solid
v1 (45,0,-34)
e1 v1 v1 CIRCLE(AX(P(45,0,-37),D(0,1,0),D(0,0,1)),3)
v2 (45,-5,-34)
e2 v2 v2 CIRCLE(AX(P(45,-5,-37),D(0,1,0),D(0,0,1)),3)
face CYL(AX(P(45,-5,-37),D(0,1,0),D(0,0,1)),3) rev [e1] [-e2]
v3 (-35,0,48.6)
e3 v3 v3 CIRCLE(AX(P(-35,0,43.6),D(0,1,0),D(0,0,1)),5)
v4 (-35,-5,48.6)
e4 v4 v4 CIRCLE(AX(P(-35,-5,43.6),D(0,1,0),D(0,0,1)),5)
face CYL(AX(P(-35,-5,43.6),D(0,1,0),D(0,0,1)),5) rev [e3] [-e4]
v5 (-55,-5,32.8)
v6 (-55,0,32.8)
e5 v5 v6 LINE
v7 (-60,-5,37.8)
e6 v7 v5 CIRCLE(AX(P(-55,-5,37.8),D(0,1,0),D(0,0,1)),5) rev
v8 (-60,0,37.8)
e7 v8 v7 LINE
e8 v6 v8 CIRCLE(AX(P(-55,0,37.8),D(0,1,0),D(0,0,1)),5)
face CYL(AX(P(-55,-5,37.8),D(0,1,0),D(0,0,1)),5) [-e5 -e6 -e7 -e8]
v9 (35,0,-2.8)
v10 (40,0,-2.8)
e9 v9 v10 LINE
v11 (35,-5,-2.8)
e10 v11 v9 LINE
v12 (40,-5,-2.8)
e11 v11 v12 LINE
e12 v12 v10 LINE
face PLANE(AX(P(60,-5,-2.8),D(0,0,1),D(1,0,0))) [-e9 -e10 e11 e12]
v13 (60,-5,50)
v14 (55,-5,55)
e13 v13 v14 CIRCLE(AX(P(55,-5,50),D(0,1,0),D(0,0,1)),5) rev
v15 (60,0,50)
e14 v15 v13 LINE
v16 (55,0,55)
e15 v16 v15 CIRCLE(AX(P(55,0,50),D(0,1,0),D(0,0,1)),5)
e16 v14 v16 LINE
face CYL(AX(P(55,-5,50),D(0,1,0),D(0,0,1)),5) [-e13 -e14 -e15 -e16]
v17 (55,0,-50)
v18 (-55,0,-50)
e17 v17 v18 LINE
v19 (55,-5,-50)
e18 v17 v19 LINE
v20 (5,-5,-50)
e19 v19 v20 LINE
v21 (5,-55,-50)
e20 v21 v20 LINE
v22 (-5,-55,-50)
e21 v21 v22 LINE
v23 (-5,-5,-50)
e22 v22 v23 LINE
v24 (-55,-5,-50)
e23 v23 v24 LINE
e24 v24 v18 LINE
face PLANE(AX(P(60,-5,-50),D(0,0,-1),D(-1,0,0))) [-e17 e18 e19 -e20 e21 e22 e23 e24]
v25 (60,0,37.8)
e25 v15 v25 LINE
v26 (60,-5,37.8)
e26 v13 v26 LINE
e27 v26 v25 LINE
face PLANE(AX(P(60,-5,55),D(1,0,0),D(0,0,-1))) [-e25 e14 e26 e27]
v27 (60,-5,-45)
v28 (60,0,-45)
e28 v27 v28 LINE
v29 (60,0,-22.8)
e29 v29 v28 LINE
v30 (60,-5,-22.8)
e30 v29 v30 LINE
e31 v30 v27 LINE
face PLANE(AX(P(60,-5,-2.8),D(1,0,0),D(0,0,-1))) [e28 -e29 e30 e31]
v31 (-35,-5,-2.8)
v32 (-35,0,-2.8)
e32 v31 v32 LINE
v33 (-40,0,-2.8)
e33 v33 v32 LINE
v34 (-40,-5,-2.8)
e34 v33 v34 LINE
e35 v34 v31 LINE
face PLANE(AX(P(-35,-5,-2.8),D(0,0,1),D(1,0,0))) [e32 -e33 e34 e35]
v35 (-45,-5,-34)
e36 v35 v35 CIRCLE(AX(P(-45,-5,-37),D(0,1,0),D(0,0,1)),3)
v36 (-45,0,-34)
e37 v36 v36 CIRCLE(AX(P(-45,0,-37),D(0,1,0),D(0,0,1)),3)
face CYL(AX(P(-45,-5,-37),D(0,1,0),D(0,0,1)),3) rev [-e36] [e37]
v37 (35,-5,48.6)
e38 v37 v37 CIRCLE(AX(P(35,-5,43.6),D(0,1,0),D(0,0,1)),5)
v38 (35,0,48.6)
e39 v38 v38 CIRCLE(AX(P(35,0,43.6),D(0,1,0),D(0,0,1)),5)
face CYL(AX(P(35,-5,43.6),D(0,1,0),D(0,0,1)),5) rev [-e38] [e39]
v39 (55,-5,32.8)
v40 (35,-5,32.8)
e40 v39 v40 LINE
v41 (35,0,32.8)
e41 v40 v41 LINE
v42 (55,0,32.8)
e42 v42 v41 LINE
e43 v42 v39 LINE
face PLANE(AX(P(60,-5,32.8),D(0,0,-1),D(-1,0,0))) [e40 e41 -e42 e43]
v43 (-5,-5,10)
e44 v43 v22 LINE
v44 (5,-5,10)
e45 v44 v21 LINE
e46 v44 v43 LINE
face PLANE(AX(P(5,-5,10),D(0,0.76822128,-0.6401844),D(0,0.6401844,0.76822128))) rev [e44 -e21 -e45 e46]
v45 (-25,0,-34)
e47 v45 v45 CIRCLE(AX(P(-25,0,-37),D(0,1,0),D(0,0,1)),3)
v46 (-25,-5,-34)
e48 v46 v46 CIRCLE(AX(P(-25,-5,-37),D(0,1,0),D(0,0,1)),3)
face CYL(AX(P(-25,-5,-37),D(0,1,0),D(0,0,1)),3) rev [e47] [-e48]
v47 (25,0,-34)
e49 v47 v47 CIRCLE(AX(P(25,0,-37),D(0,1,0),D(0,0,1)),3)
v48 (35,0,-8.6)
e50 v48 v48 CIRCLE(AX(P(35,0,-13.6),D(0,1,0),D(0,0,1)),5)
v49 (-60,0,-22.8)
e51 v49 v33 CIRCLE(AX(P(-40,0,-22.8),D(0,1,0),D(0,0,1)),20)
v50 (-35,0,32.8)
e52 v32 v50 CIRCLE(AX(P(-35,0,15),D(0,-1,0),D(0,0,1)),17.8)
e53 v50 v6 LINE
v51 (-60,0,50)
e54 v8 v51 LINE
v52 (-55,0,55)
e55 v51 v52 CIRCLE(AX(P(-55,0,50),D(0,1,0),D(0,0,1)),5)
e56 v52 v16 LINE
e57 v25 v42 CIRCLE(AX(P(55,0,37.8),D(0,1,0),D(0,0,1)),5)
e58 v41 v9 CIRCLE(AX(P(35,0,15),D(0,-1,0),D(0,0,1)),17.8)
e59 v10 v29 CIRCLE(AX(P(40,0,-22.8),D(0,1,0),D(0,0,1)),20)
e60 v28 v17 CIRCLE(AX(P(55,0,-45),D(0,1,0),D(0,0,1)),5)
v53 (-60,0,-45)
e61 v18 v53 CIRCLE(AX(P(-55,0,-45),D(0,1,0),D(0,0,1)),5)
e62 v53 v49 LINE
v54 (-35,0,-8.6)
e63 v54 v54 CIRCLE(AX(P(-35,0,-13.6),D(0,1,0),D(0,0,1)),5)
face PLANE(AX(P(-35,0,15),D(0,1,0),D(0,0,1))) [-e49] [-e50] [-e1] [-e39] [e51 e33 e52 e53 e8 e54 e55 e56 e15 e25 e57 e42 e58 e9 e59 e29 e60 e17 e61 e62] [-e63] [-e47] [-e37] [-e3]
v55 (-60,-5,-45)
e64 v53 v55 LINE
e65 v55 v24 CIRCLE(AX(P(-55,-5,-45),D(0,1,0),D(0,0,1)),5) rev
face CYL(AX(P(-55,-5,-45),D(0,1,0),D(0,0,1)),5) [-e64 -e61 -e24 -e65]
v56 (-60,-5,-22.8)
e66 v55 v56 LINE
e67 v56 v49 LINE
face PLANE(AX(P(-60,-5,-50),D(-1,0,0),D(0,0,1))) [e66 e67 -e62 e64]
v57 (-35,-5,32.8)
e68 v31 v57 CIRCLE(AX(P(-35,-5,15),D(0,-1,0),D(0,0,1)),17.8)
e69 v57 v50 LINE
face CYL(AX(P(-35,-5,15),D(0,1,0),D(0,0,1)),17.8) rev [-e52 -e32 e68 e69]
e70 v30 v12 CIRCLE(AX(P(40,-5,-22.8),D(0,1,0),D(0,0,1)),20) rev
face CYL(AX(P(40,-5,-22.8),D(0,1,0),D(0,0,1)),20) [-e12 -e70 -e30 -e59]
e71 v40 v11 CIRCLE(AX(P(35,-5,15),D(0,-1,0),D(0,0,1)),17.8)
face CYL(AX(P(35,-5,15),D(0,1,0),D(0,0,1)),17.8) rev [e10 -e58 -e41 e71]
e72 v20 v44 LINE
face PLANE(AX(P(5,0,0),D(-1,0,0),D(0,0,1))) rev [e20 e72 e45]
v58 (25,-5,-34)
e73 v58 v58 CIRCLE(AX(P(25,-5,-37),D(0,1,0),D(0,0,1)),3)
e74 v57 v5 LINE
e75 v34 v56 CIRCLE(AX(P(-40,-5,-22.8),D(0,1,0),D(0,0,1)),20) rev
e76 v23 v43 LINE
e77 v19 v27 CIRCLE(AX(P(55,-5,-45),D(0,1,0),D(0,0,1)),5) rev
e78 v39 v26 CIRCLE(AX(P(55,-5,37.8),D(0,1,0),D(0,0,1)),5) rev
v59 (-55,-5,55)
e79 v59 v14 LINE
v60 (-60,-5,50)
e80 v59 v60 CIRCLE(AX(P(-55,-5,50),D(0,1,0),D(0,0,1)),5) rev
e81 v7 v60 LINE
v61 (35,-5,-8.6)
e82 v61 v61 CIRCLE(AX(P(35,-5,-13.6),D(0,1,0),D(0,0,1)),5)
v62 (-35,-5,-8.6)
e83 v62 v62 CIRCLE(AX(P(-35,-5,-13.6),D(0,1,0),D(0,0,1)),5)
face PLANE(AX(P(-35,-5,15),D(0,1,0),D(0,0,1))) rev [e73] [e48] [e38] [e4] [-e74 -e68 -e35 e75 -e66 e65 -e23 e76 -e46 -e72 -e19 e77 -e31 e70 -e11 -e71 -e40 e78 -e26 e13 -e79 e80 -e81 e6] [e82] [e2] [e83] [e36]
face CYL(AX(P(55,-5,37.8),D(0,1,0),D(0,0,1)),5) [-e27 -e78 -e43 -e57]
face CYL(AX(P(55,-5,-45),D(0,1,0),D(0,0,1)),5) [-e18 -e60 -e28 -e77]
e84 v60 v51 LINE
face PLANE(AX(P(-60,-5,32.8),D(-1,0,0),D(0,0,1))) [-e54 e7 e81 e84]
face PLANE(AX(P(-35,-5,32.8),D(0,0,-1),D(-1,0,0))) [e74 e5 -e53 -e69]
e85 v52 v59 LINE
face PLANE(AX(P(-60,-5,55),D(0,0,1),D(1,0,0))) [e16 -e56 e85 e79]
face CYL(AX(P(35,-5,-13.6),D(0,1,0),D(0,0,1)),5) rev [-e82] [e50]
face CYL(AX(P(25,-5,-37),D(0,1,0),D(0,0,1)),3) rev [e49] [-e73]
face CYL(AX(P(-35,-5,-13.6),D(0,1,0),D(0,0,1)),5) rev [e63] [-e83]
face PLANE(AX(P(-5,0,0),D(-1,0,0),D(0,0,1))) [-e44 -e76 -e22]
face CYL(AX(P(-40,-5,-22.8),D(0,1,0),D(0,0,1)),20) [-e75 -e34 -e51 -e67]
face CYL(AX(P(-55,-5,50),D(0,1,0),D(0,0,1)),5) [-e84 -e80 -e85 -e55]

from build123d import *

# Parameters (mm, degrees)
SKETCH1_R           = 5
SKETCH1_R_2         = 3
BOSS_EXTRUDE2_DEPTH = 5
BOSS_EXTRUDE3_DEPTH = 5
FILLET1_R           = 20
FILLET2_R           = 5


with BuildPart() as part:
    # Sketch1 → Boss-Extrude2 (new body)
    with BuildSketch(Plane(origin=(0, 0, 0), x_dir=(1, 0, 0), z_dir=(0, 1, 0))):
        with BuildLine():
            Line((60, 2.8), (60, 50))
            Line((60, 50), (-60, 50))
            Line((-60, 50), (-60, 2.8))
            Line((-60, 2.8), (-35, 2.8))
            ThreePointArc((-35, 2.8), (-17.2, -15), (-35, -32.8))
            Line((-35, -32.8), (-60, -32.8))
            Line((-60, -32.8), (-60, -55))
            Line((-60, -55), (60, -55))
            Line((60, -55), (60, -32.8))
            Line((60, -32.8), (35, -32.8))
            ThreePointArc((35, -32.8), (17.2, -15), (35, 2.8))
            Line((35, 2.8), (60, 2.8))
        make_face()
        with Locations(Location((-35, 13.6, 0), (0, 0, 270))):
            Circle(SKETCH1_R, mode=Mode.SUBTRACT)
        with Locations(Location((-35, -43.6, 0), (0, 0, 270))):
            Circle(SKETCH1_R, mode=Mode.SUBTRACT)
        with Locations(Location((35, 13.6, 0), (0, 0, 270))):
            Circle(SKETCH1_R, mode=Mode.SUBTRACT)
        with Locations(Location((35, -43.6, 0), (0, 0, 270))):
            Circle(SKETCH1_R, mode=Mode.SUBTRACT)
        with Locations(Location((-45, 37, 0), (0, 0, 270))):
            Circle(SKETCH1_R_2, mode=Mode.SUBTRACT)
        with Locations(Location((-25, 37, 0), (0, 0, 270))):
            Circle(SKETCH1_R_2, mode=Mode.SUBTRACT)
        with Locations(Location((25, 37, 0), (0, 0, 270))):
            Circle(SKETCH1_R_2, mode=Mode.SUBTRACT)
        with Locations(Location((45, 37, 0), (0, 0, 270))):
            Circle(SKETCH1_R_2, mode=Mode.SUBTRACT)
    extrude(amount=-BOSS_EXTRUDE2_DEPTH)

    # Sketch2 → Boss-Extrude3 (add, symmetric)
    with BuildSketch(Plane(origin=(0, 0, 0), x_dir=(0, 0, -1), z_dir=(1, 0, 0))):
        Polygon((-10, -5), (50, -55), (50, -5), align=None)
    extrude(amount=BOSS_EXTRUDE3_DEPTH, both=True)

    # Fillet1
    fillet1_edges = [part.edges().sort_by_distance(p)[0] for p in [
        (60, -2.5, -2.8),
        (-60, -2.5, -2.8),
    ]]
    fillet(fillet1_edges, radius=FILLET1_R)

    # Fillet2
    fillet2_edges = [part.edges().sort_by_distance(p)[0] for p in [
        (60, -2.5, -50),
        (60, -2.5, 32.8),
        (60, -2.5, 55),
        (-60, -2.5, 55),
        (-60, -2.5, 32.8),
        (-60, -2.5, -50),
    ]]
    fillet(fillet2_edges, radius=FILLET2_R)


solid = part.part
